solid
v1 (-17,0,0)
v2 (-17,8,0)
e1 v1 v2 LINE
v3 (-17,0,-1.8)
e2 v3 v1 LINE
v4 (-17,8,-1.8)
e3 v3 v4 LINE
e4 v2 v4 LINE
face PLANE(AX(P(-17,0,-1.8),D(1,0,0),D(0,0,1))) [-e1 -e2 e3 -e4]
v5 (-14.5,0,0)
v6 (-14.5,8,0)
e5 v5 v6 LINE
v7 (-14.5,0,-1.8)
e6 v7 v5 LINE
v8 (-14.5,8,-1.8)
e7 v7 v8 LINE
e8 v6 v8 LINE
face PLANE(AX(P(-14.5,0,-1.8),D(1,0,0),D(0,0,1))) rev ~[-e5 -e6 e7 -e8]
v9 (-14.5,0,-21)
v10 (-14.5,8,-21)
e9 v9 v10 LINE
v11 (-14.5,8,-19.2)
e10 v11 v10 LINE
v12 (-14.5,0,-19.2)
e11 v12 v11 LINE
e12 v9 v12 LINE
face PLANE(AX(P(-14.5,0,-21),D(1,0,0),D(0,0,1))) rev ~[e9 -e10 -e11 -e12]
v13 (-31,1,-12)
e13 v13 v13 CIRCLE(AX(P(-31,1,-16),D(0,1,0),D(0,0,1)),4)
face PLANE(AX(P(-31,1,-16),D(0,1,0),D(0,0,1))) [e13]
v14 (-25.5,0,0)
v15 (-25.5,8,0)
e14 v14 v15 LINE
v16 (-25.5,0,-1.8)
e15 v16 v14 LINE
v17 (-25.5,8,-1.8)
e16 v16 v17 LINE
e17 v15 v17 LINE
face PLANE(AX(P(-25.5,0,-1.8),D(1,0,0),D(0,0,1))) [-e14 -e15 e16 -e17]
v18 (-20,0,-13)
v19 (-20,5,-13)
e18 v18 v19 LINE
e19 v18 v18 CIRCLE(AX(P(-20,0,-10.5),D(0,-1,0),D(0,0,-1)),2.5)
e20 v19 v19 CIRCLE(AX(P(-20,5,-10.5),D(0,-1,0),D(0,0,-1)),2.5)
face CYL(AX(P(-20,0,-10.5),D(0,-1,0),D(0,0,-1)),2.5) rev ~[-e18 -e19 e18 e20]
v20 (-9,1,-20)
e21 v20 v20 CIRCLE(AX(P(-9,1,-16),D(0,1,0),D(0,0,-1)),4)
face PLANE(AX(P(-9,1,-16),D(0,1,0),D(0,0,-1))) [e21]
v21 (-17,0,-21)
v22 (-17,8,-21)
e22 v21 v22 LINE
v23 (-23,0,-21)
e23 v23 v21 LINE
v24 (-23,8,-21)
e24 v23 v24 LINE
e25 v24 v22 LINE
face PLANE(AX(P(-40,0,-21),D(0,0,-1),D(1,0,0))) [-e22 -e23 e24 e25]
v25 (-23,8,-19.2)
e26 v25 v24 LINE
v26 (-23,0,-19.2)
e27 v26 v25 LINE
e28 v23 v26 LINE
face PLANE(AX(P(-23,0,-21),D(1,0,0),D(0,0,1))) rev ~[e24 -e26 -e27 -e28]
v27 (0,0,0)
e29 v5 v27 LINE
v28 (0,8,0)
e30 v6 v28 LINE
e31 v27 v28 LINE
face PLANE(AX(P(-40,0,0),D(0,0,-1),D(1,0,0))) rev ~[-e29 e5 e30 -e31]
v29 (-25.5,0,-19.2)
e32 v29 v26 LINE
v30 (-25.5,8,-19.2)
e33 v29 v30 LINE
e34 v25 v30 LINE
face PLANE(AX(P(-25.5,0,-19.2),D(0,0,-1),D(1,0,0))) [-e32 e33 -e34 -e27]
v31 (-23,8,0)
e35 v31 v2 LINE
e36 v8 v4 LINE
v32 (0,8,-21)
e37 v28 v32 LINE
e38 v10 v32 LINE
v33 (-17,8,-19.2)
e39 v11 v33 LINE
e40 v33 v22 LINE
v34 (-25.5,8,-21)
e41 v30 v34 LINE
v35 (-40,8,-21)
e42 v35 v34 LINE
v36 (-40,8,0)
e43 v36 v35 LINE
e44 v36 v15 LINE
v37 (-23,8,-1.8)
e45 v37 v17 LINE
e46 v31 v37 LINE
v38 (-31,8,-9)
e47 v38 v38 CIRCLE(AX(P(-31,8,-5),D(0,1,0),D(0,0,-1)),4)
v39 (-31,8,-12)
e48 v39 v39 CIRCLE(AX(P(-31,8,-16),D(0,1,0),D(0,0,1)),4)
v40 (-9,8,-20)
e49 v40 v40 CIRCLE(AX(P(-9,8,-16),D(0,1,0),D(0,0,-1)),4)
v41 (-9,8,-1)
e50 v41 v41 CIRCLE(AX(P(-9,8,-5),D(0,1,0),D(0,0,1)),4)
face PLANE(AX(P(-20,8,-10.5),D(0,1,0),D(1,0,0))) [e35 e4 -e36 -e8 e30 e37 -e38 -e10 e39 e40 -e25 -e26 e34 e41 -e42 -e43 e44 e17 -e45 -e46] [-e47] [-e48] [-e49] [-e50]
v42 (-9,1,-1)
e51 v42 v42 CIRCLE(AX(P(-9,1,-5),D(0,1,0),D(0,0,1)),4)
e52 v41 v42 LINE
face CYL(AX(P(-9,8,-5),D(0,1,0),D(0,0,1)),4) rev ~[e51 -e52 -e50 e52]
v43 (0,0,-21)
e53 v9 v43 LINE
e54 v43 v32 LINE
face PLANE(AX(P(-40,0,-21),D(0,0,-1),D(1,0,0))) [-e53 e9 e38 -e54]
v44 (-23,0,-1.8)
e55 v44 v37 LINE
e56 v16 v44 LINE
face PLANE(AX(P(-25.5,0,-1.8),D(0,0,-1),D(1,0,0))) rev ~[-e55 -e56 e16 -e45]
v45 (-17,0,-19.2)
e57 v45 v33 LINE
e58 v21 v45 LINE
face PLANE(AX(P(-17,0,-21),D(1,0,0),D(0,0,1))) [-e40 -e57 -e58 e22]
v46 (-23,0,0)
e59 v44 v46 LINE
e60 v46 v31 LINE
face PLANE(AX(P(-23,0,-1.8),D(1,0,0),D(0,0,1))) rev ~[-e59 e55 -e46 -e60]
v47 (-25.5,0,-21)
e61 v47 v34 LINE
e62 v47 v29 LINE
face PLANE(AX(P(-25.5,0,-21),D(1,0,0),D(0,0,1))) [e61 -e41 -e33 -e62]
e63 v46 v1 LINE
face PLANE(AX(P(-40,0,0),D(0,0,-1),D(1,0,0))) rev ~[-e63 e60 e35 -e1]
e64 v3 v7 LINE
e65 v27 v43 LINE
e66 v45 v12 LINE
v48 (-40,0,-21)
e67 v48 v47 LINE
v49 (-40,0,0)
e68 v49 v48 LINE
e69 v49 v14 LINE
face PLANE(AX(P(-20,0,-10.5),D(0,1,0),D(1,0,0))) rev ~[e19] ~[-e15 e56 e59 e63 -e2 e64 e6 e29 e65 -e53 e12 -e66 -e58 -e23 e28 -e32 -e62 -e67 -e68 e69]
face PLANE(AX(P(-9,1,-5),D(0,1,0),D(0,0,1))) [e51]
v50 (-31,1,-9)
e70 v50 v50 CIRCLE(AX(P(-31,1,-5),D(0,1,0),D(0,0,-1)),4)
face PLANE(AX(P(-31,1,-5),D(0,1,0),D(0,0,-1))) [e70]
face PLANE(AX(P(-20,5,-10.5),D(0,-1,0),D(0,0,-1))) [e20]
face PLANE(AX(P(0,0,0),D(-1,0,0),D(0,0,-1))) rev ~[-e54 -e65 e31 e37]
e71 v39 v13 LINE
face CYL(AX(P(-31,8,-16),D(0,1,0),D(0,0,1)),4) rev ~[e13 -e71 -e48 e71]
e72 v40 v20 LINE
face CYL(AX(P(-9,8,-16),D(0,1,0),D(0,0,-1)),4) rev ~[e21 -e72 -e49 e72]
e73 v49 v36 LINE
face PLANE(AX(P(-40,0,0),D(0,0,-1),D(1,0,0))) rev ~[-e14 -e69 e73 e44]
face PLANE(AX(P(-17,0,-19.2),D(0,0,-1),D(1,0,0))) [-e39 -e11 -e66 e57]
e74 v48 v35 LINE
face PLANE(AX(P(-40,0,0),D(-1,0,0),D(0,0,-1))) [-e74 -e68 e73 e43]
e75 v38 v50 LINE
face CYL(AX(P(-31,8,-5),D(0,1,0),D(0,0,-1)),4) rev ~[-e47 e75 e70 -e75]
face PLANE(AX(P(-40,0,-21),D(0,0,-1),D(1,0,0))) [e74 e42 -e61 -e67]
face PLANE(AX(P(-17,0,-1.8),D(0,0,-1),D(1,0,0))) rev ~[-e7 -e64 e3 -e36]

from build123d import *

# Parameters (mm, degrees)
SKETCH1_W           = 40
SKETCH1_H           = 21
BOSS_EXTRUDE1_DEPTH = 8
SKETCH2_R           = 4
CUT_EXTRUDE1_DEPTH  = 7
SKETCH3_R           = 2.5
CUT_EXTRUDE2_DEPTH  = 5
SKETCH4_W           = 2.5
SKETCH4_H           = 1.8
CUT_EXTRUDE3_DEPTH  = 15


with BuildPart() as part:
    # Sketch1 → Boss-Extrude1 (new body)
    with BuildSketch(Plane(origin=(0, 0, 0), x_dir=(1, 0, 0), z_dir=(0, 1, 0))):
        with Locations((-20, 10.5)):
            Rectangle(SKETCH1_W, SKETCH1_H)
    extrude(amount=BOSS_EXTRUDE1_DEPTH)

    # Sketch2 → Cut-Extrude1 (cut)
    with BuildSketch(Plane(origin=(0, 8, 0), x_dir=(1, 0, 0), z_dir=(0, 1, 0))):
        with Locations(Location((-31, 16, 0), (0, 0, 270))):
            Circle(SKETCH2_R)
        with Locations(Location((-31, 5, 0), (0, 0, 90))):
            Circle(SKETCH2_R)
        with Locations(Location((-9, 5, 0), (0, 0, 270))):
            Circle(SKETCH2_R)
        with Locations(Location((-9, 16, 0), (0, 0, 90))):
            Circle(SKETCH2_R)
    extrude(amount=-CUT_EXTRUDE1_DEPTH, mode=Mode.SUBTRACT)

    # Sketch3 → Cut-Extrude2 (cut)
    with BuildSketch(Plane.XZ):
        with Locations(Location((-20, -10.5, 0), (0, 0, 270))):
            Circle(SKETCH3_R)
    extrude(amount=-CUT_EXTRUDE2_DEPTH, mode=Mode.SUBTRACT)

    # Sketch4 → Cut-Extrude3 (cut)
    with BuildSketch(Plane.XZ):
        with Locations((-15.75, -0.9)):
            Rectangle(SKETCH4_W, SKETCH4_H)
        with Locations((-24.25, -0.9)):
            Rectangle(SKETCH4_W, SKETCH4_H)
        with Locations((-15.75, -20.1)):
            Rectangle(SKETCH4_W, SKETCH4_H)
        with Locations((-24.25, -20.1)):
            Rectangle(SKETCH4_W, SKETCH4_H)
    extrude(amount=-CUT_EXTRUDE3_DEPTH, mode=Mode.SUBTRACT)


solid = part.part
